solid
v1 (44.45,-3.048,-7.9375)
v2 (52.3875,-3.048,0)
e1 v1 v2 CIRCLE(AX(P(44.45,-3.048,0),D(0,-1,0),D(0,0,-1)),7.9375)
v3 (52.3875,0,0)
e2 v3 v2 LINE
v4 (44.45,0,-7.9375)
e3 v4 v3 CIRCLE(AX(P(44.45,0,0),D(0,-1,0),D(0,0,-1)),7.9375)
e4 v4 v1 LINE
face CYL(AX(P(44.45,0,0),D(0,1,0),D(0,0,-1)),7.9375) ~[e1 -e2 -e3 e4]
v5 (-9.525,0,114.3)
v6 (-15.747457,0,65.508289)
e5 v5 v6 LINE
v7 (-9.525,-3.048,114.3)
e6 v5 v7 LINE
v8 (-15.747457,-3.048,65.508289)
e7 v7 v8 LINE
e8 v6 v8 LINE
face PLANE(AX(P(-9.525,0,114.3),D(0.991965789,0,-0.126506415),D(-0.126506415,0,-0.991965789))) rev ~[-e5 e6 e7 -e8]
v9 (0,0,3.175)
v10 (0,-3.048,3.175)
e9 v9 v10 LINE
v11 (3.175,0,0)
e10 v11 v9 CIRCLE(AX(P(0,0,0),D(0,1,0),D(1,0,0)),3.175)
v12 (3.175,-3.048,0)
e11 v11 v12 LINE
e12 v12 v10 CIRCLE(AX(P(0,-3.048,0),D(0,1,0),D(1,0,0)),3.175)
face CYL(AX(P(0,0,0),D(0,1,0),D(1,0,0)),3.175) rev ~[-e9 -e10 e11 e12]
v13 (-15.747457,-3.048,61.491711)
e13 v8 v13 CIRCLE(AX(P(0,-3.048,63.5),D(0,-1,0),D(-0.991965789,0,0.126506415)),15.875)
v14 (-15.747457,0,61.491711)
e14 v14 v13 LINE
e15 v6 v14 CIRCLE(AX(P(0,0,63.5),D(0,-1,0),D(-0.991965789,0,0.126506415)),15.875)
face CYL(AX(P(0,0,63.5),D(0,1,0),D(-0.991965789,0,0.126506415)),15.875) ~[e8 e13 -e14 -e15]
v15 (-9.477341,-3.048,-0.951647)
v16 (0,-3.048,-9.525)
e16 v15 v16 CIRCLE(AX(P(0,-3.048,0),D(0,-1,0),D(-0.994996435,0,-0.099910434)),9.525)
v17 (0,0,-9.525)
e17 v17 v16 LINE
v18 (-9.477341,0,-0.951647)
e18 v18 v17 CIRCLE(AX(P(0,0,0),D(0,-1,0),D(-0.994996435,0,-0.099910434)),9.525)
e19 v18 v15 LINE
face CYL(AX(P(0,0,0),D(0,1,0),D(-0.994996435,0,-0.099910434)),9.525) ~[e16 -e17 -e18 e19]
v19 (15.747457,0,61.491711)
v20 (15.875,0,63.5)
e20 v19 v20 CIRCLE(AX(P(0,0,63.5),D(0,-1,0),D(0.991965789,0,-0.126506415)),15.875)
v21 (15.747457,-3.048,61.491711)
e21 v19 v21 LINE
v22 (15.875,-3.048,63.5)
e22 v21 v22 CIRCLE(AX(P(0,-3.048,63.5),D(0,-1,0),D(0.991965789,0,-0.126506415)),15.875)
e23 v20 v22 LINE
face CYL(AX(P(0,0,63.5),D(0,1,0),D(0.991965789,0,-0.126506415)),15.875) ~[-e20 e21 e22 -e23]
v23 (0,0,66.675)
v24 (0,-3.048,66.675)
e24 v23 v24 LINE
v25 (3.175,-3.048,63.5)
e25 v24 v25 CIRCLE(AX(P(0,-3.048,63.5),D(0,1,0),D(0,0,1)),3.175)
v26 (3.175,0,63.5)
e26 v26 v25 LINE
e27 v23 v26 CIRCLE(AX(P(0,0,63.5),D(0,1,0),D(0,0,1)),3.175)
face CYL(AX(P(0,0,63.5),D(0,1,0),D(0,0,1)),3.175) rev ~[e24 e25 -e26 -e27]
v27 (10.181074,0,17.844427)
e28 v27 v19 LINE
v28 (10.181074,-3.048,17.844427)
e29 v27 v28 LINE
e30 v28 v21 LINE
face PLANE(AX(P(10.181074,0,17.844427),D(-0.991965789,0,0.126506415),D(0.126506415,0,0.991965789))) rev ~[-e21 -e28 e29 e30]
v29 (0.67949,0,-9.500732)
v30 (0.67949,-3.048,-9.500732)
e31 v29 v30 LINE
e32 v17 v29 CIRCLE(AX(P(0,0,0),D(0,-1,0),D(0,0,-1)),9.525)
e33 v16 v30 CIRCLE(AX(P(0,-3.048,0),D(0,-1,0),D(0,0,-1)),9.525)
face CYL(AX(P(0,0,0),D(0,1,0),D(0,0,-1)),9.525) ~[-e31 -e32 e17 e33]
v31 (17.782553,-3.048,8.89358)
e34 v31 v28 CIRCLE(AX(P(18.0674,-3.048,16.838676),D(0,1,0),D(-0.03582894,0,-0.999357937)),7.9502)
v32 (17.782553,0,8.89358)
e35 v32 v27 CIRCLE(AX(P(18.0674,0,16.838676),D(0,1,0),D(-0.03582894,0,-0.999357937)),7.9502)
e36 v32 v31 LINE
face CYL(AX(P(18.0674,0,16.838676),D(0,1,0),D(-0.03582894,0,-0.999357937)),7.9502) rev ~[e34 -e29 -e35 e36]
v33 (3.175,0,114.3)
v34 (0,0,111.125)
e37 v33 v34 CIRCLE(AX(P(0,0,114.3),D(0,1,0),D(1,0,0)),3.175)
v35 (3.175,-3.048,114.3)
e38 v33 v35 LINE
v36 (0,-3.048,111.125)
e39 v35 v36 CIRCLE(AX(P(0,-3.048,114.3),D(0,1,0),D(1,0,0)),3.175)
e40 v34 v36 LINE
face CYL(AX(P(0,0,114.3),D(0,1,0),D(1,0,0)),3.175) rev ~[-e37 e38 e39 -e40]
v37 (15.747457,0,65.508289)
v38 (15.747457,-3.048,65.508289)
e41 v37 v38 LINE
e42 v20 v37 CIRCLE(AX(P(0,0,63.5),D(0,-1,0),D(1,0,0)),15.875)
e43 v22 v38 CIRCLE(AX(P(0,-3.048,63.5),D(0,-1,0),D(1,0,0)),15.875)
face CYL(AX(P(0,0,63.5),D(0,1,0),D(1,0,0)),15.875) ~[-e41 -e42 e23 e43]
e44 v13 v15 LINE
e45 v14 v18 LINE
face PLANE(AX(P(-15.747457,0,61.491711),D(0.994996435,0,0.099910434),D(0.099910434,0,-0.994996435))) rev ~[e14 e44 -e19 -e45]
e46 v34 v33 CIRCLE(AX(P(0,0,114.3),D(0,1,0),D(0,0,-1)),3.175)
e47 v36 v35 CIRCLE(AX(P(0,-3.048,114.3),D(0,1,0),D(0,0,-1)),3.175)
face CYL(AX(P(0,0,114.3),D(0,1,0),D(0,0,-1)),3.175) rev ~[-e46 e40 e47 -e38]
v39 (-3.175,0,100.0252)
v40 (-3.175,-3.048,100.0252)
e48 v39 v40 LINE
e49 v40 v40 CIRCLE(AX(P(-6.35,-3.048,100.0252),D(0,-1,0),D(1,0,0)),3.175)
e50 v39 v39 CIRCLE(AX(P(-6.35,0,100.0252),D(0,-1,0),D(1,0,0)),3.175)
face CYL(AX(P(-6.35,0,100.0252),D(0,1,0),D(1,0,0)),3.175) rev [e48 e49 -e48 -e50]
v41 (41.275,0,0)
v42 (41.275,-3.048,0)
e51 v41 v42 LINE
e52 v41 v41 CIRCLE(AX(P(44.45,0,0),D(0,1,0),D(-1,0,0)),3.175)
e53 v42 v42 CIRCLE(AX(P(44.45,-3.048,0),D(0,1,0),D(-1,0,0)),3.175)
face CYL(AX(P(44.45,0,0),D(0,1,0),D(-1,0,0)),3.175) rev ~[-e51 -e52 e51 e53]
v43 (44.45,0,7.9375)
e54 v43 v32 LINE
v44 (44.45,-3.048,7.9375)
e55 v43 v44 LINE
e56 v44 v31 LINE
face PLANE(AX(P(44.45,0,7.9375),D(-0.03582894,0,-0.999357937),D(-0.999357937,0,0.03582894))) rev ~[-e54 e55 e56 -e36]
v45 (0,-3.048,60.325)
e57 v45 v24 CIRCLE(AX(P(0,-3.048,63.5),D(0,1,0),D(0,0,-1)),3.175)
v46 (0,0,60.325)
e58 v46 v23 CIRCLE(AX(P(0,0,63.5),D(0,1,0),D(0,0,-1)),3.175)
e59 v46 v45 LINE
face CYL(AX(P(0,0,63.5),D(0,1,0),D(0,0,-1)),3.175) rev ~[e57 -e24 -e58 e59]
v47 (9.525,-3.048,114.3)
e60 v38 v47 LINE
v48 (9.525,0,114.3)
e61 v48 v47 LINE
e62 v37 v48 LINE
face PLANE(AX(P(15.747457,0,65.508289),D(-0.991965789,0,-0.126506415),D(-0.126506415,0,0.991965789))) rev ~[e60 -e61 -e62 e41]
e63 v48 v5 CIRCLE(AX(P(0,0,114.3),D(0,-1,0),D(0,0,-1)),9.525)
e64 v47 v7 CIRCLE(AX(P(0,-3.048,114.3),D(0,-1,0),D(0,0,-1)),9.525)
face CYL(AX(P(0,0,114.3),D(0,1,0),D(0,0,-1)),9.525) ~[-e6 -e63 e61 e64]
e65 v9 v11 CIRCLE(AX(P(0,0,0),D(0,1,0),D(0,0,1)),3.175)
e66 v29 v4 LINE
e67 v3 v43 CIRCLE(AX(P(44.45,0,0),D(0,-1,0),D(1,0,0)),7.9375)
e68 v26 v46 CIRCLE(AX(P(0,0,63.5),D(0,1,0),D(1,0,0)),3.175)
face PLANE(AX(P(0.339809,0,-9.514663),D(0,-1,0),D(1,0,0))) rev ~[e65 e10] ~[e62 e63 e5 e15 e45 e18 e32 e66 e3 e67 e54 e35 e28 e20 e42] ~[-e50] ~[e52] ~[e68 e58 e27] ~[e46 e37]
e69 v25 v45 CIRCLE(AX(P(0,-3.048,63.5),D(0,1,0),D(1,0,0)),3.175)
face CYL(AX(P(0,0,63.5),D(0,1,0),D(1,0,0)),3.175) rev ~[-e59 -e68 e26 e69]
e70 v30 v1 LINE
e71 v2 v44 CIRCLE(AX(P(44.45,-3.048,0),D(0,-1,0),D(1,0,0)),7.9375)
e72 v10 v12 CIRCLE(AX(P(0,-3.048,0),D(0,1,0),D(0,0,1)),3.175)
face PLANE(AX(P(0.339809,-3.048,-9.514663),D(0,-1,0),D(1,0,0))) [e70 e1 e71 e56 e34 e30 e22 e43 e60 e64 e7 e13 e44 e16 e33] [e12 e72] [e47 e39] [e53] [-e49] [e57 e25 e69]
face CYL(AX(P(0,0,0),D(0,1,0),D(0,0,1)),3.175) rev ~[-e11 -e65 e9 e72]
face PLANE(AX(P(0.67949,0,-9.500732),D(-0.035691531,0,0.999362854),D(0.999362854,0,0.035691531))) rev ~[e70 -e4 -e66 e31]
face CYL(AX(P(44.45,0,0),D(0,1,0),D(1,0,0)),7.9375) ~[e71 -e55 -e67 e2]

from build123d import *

# Parameters (mm, degrees)
F0_R     = 3.175
F1_DEPTH = 3.048


with BuildPart() as f1:
    # F0 (on Front) → F1 (new body)
    with BuildSketch(Plane.XZ):
        with BuildLine():
            Line((0.6794904459, -9.5007324841), (0, -9.525))
            ThreePointArc((0, -9.525), (0.3399618281, -9.5189311877), (0.6794904459, -9.5007324841))
        make_face()
        with BuildLine():
            Line((-15.7474569047, 61.4917106696), (-9.4773410414, -0.9516468803))
            ThreePointArc((-9.4773410414, -0.9516468803), (-7.0636414665, 6.3898821767), (0, 9.525))
            Line((0, 9.525), (0, 47.625))
            ThreePointArc((0, 47.625), (-10.4912828548, 51.5857812233), (-15.7474569047, 61.4917106696))
        make_face()
        with BuildLine():
            ThreePointArc((9.525, 0), (6.9712901065, -6.4905114784), (0.6794904459, -9.5007324841))
            Line((0.6794904459, -9.5007324841), (44.45, -7.9375))
            ThreePointArc((44.45, -7.9375), (38.8373399243, -5.6126600757), (36.5125, 0))
            Line((36.5125, 0), (9.525, 0))
        make_face()
        with BuildLine():
            Line((0, 104.775), (0, 79.375))
            ThreePointArc((0, 79.375), (10.4912828548, 75.4142187767), (15.7474569047, 65.5082893304))
            Line((15.7474569047, 65.5082893304), (9.525, 114.3))
            ThreePointArc((9.525, 114.3), (6.7351920908, 107.5648079092), (0, 104.775))
        make_face()
        with BuildLine():
            ThreePointArc((9.525, 114.3), (0, 123.825), (-9.525, 114.3))
            ThreePointArc((-9.525, 114.3), (-6.7351920908, 107.5648079092), (0, 104.775))
            ThreePointArc((0, 104.775), (6.7351920908, 107.5648079092), (9.525, 114.3))
        make_face()
        with BuildLine():
            ThreePointArc((3.175, 114.3), (2.2450640303, 112.0549359697), (0, 111.125))
            ThreePointArc((0, 111.125), (-2.2450640303, 116.5450640303), (3.175, 114.3))
        make_face(mode=Mode.SUBTRACT)
        with BuildLine():
            ThreePointArc((36.5125, 0), (38.8373399243, -5.6126600757), (44.45, -7.9375))
            ThreePointArc((44.45, -7.9375), (50.0626600757, -5.6126600757), (52.3875, 0))
            ThreePointArc((52.3875, 0), (50.0626600757, 5.6126600757), (44.45, 7.9375))
            ThreePointArc((44.45, 7.9375), (38.8373399243, 5.6126600757), (36.5125, 0))
        make_face()
        with BuildLine():
            ThreePointArc((47.625, 0), (44.45, -3.175), (41.275, 0))
            ThreePointArc((41.275, 0), (44.45, 3.175), (47.625, 0))
        make_face(mode=Mode.SUBTRACT)
        with BuildLine():
            Line((0, 60.325), (0, 47.625))
            ThreePointArc((0, 47.625), (10.4912828548, 51.5857812233), (15.7474569047, 61.4917106696))
            ThreePointArc((15.7474569047, 61.4917106696), (15.8430821396, 62.4938323604), (15.875, 63.5))
            ThreePointArc((15.875, 63.5), (15.8430821396, 64.5061676396), (15.7474569047, 65.5082893304))
            ThreePointArc((15.7474569047, 65.5082893304), (10.4912828548, 75.4142187767), (0, 79.375))
            Line((0, 79.375), (0, 66.675))
            ThreePointArc((0, 66.675), (2.2450640303, 65.7450640303), (3.175, 63.5))
            ThreePointArc((3.175, 63.5), (2.2450640303, 61.2549359697), (0, 60.325))
        make_face()
        with BuildLine():
            ThreePointArc((-15.7474569047, 65.5082893304), (-15.875, 63.5), (-15.7474569047, 61.4917106696))
            ThreePointArc((-15.7474569047, 61.4917106696), (-10.4912828548, 51.5857812233), (0, 47.625))
            Line((0, 47.625), (0, 60.325))
            ThreePointArc((0, 60.325), (-3.175, 63.5), (0, 66.675))
            Line((0, 66.675), (0, 79.375))
            ThreePointArc((0, 79.375), (-10.4912828548, 75.4142187767), (-15.7474569047, 65.5082893304))
        make_face()
        with BuildLine():
            Line((-9.525, 114.3), (-15.7474569047, 65.5082893304))
            ThreePointArc((-15.7474569047, 65.5082893304), (-10.4912828548, 75.4142187767), (0, 79.375))
            Line((0, 79.375), (0, 104.775))
            ThreePointArc((0, 104.775), (-6.7351920908, 107.5648079092), (-9.525, 114.3))
        make_face()
        with Locations((-6.35, 100.0252)):
            Circle(F0_R, mode=Mode.SUBTRACT)
        with BuildLine():
            Line((0, 47.625), (0, 9.525))
            ThreePointArc((0, 9.525), (6.7351920908, 6.7351920908), (9.525, 0))
            Line((9.525, 0), (36.5125, 0))
            ThreePointArc((36.5125, 0), (38.8373399243, 5.6126600757), (44.45, 7.9375))
            Line((44.45, 7.9375), (17.7825532299, 8.8935802069))
            ThreePointArc((17.7825532299, 8.8935802069), (12.0075791655, 11.6923910174), (10.1810740488, 17.8444269776))
            Line((10.1810740488, 17.8444269776), (15.7474569047, 61.4917106696))
            ThreePointArc((15.7474569047, 61.4917106696), (10.4912828548, 51.5857812233), (0, 47.625))
        make_face()
        with BuildLine():
            ThreePointArc((0, 9.525), (-7.0636414665, 6.3898821767), (-9.4773410414, -0.9516468803))
            ThreePointArc((-9.4773410414, -0.9516468803), (-6.3898821767, -7.0636414665), (0, -9.525))
            Line((0, -9.525), (0.6794904459, -9.5007324841))
            ThreePointArc((0.6794904459, -9.5007324841), (6.9712901065, -6.4905114784), (9.525, 0))
            Line((9.525, 0), (3.175, 0))
            ThreePointArc((3.175, 0), (-2.2450640303, -2.2450640303), (0, 3.175))
            Line((0, 3.175), (0, 9.525))
        make_face()
        with BuildLine():
            ThreePointArc((9.525, 0), (6.7351920908, 6.7351920908), (0, 9.525))
            Line((0, 9.525), (0, 3.175))
            ThreePointArc((0, 3.175), (2.2450640303, 2.2450640303), (3.175, 0))
            Line((3.175, 0), (9.525, 0))
        make_face()
    extrude(amount=F1_DEPTH)


solid = f1.part
